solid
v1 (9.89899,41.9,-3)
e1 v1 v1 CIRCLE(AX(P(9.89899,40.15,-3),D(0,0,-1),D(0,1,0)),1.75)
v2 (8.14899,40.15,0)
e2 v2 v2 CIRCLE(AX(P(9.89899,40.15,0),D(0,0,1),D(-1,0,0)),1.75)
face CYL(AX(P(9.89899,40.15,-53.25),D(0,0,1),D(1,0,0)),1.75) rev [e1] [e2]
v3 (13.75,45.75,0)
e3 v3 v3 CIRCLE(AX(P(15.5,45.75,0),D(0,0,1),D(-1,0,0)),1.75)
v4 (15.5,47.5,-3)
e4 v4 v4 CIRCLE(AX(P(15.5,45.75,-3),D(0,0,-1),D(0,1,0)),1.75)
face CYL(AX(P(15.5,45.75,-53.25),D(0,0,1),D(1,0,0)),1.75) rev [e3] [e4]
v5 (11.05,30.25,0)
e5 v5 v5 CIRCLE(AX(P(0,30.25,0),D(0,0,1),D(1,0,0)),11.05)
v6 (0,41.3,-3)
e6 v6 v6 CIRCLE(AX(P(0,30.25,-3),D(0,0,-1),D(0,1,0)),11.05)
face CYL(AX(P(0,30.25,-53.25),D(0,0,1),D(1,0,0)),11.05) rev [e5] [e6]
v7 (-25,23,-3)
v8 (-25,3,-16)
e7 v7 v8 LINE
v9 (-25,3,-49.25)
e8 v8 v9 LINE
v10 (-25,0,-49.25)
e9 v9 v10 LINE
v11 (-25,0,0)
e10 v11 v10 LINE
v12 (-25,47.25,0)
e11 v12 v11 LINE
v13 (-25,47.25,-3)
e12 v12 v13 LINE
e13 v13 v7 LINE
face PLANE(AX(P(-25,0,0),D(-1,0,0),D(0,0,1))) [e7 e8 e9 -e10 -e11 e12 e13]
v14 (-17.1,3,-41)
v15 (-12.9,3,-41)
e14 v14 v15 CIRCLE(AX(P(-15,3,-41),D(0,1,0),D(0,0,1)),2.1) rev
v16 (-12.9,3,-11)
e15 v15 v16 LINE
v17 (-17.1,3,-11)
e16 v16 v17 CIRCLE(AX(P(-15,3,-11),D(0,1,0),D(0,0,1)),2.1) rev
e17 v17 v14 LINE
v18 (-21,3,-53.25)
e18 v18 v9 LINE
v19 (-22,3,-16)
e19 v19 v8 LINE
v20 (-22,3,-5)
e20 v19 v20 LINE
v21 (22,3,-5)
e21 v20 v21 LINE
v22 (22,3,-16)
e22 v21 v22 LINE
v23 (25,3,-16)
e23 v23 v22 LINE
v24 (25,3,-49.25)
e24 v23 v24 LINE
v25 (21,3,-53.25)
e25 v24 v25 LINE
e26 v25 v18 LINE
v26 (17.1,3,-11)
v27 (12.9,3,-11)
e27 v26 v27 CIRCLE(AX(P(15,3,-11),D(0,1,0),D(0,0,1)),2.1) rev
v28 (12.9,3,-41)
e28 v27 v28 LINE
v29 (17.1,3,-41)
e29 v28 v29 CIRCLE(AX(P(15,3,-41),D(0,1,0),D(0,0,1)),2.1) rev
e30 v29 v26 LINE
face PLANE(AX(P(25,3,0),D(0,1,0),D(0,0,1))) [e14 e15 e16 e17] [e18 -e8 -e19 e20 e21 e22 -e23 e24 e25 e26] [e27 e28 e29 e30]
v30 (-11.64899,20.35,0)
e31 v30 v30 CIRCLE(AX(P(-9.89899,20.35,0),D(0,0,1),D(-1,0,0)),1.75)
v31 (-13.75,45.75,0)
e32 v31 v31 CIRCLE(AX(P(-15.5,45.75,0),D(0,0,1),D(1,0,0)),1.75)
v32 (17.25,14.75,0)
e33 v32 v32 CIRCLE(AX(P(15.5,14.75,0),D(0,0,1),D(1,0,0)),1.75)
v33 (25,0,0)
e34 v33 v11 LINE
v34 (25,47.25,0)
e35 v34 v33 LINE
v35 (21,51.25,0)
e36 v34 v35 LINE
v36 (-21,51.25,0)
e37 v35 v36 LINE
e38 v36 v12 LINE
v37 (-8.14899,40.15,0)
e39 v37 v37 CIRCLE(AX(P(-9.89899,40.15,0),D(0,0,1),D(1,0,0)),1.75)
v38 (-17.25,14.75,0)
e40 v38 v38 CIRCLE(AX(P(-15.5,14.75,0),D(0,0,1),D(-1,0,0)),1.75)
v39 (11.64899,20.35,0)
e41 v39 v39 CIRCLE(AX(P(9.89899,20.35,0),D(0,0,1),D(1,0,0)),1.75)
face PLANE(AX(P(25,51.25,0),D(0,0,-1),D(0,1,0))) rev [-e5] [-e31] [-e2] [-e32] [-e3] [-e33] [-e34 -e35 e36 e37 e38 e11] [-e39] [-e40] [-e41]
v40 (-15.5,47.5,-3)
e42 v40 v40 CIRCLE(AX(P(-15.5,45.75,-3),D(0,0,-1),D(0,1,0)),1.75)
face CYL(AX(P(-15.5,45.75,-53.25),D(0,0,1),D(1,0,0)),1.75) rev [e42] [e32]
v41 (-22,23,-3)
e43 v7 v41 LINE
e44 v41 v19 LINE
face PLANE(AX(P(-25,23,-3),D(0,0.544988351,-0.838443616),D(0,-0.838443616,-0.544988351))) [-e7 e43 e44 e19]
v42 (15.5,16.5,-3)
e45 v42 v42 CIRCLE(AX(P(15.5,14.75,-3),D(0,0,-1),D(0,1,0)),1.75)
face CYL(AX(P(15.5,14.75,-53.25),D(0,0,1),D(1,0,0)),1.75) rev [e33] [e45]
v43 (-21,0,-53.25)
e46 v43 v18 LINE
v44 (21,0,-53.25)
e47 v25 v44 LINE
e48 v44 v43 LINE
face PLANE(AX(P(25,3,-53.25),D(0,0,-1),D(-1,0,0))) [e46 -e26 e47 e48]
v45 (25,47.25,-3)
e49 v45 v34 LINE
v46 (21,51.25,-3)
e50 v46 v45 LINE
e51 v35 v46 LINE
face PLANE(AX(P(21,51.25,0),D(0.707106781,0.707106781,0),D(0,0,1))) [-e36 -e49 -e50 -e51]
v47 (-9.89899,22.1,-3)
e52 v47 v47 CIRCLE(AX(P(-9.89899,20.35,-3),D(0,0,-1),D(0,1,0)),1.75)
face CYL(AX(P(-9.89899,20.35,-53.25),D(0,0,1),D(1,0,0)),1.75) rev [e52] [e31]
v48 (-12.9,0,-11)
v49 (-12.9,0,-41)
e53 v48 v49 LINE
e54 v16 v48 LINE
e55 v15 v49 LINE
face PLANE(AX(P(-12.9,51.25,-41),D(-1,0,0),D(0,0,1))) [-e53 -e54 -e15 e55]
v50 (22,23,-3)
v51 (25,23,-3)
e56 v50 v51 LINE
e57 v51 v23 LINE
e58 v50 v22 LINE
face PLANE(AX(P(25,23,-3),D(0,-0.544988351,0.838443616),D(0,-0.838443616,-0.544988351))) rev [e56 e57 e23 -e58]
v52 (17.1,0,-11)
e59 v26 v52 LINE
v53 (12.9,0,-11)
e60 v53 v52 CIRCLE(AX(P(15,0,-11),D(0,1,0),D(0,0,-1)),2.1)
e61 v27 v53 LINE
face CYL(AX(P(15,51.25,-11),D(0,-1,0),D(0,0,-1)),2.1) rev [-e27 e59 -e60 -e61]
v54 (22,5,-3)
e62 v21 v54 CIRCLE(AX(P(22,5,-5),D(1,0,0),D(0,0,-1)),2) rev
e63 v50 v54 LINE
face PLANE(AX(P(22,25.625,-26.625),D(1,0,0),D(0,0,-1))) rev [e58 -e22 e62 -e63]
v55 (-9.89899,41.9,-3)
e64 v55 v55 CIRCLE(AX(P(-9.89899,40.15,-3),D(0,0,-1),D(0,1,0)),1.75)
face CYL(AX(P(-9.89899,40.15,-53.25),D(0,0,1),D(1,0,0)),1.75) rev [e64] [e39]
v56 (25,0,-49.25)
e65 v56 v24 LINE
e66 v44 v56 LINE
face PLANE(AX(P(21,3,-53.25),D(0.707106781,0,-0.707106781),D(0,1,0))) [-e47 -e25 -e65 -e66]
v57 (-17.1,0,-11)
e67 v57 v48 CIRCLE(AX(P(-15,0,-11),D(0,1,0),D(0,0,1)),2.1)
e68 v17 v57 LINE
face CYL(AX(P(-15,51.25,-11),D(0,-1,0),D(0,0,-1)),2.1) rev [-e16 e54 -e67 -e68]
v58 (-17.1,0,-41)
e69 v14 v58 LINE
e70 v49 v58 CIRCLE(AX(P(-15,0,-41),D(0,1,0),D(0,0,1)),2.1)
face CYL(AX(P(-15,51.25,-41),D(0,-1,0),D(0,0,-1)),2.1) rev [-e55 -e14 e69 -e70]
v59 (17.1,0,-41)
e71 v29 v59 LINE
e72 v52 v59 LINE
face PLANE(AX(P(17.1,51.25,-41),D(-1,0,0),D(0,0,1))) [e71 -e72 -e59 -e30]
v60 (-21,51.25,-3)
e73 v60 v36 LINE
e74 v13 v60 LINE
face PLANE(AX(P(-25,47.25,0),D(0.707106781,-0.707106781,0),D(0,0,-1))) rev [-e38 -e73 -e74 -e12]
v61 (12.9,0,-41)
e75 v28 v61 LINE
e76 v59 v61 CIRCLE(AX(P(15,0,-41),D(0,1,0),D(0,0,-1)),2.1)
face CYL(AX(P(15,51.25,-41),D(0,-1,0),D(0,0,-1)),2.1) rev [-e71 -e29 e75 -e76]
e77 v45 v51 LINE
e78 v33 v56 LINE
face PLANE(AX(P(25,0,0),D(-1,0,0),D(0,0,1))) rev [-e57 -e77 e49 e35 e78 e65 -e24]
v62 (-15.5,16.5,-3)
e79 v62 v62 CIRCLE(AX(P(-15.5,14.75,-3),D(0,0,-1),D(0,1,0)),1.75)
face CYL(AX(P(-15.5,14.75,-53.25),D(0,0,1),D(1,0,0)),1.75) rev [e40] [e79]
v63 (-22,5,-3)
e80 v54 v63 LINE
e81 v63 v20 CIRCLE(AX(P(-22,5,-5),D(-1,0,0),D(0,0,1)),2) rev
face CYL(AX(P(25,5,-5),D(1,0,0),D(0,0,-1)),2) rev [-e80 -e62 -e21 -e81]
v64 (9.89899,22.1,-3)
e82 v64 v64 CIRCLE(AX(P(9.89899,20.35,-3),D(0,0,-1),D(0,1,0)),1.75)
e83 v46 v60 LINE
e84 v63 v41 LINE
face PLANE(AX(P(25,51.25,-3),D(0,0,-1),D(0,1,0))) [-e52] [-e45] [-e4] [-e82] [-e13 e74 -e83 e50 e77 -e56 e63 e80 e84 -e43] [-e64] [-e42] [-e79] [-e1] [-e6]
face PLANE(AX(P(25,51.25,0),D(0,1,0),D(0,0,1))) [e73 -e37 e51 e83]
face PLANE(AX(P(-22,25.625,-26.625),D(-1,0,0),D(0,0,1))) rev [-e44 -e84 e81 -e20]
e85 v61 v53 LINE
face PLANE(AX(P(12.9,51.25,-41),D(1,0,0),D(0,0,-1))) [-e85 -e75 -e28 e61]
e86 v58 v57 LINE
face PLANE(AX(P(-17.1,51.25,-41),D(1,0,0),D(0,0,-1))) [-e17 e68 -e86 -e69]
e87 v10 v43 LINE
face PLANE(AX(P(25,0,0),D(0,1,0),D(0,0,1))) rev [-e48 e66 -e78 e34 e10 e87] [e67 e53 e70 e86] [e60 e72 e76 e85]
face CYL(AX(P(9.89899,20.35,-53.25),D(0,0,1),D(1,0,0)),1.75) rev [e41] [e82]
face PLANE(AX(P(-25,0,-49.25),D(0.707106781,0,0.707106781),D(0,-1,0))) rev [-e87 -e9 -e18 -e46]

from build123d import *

# Parameters (mm, degrees)
EXTRUDE_THIN1_DEPTH = 25
SKETCH2_R           = 11.05
SKETCH2_R_2         = 1.75
CUT_EXTRUDE1_DEPTH  = 79.02002948
CHAMFER1_SIZE       = 4
CUT_EXTRUDE3_DEPTH  = 79.02002948
FILLET1_R           = 2
RIB1_REACH          = 91.231
SKETCH6_WALL_W      = 204.315201322
SKETCH6_WALL_H      = 3


with BuildPart() as part:
    # Sketch1 → Extrude-Thin1 (new, symmetric)
    with BuildSketch(Plane(origin=(0, 0, 0), x_dir=(0, 0, -1), z_dir=(1, 0, 0))):
        Polygon((0, 51.25), (0, 0), (53.25, 0), (53.25, 3), (3, 3), (3, 51.25), align=None)
    extrude(amount=EXTRUDE_THIN1_DEPTH, both=True)

    # Sketch2 → Cut-Extrude1 (cut, through all)
    with BuildSketch(Plane.XY):
        with Locations((0, 30.25)):
            Circle(SKETCH2_R)
        with Locations((-9.898989847, 40.15)):
            Circle(SKETCH2_R_2)
        with Locations((-15.5, 45.75)):
            Circle(SKETCH2_R_2)
        with Locations((9.898989847, 40.15)):
            Circle(SKETCH2_R_2)
        with Locations((15.5, 45.75)):
            Circle(SKETCH2_R_2)
        with Locations((15.5, 14.75)):
            Circle(SKETCH2_R_2)
        with Locations((9.898989847, 20.35)):
            Circle(SKETCH2_R_2)
        with Locations((-9.898989847, 20.35)):
            Circle(SKETCH2_R_2)
        with Locations((-15.5, 14.75)):
            Circle(SKETCH2_R_2)
    extrude(amount=-CUT_EXTRUDE1_DEPTH, mode=Mode.SUBTRACT)

    # Chamfer1
    chamfer1_edges = [part.edges().sort_by_distance(p)[0] for p in [
        (25, 1.5, -53.25),
        (-25, 1.5, -53.25),
        (-25, 51.25, -1.5),
        (25, 51.25, -1.5),
    ]]
    chamfer(chamfer1_edges, length=CHAMFER1_SIZE)

    # Sketch4 → Cut-Extrude3 (cut, through all)
    with BuildSketch(Plane(origin=(0, 0, 0), x_dir=(1, 0, 0), z_dir=(0, 1, 0))):
        with BuildLine():
            Line((-12.9, 41), (-12.9, 11))
            ThreePointArc((-12.9, 11), (-15, 8.9), (-17.1, 11))
            Line((-17.1, 11), (-17.1, 41))
            ThreePointArc((-17.1, 41), (-15, 43.1), (-12.9, 41))
        make_face()
        with BuildLine():
            Line((12.9, 41), (12.9, 11))
            ThreePointArc((12.9, 11), (15, 8.9), (17.1, 11))
            Line((17.1, 11), (17.1, 41))
            ThreePointArc((17.1, 41), (15, 43.1), (12.9, 41))
        make_face()
    extrude(amount=CUT_EXTRUDE3_DEPTH, mode=Mode.SUBTRACT)

    # Fillet1
    fillet1_edges = [part.edges().sort_by_distance(p)[0] for p in [
        (0, 3, -3),
    ]]
    fillet(fillet1_edges, radius=FILLET1_R)

    # Sketch6 wall → Rib1 (add, up to next)
    with BuildSketch(Plane(origin=(25, 13, -9.5), x_dir=(0, -0.838443616301, -0.544988350595), z_dir=(0, 0.544988350595, -0.838443616301)), mode=Mode.PRIVATE) as rib1_sk1:
        with Locations((0, 1.5)):
            Rectangle(SKETCH6_WALL_W, SKETCH6_WALL_H)
    rib1_tool1 = extrude(rib1_sk1.sketch, amount=-RIB1_REACH, mode=Mode.PRIVATE) - part.part
    rib1 = rib1_tool1.solids().sort_by_distance((25, 13, -9.5))[0]
    add(rib1)

    # Mirror1: Rib1 across plane
    add(rib1.mirror(Plane(origin=(0, 0, 0), x_dir=(0, 0, 1), z_dir=(1, 0, 0))))


solid = part.part
